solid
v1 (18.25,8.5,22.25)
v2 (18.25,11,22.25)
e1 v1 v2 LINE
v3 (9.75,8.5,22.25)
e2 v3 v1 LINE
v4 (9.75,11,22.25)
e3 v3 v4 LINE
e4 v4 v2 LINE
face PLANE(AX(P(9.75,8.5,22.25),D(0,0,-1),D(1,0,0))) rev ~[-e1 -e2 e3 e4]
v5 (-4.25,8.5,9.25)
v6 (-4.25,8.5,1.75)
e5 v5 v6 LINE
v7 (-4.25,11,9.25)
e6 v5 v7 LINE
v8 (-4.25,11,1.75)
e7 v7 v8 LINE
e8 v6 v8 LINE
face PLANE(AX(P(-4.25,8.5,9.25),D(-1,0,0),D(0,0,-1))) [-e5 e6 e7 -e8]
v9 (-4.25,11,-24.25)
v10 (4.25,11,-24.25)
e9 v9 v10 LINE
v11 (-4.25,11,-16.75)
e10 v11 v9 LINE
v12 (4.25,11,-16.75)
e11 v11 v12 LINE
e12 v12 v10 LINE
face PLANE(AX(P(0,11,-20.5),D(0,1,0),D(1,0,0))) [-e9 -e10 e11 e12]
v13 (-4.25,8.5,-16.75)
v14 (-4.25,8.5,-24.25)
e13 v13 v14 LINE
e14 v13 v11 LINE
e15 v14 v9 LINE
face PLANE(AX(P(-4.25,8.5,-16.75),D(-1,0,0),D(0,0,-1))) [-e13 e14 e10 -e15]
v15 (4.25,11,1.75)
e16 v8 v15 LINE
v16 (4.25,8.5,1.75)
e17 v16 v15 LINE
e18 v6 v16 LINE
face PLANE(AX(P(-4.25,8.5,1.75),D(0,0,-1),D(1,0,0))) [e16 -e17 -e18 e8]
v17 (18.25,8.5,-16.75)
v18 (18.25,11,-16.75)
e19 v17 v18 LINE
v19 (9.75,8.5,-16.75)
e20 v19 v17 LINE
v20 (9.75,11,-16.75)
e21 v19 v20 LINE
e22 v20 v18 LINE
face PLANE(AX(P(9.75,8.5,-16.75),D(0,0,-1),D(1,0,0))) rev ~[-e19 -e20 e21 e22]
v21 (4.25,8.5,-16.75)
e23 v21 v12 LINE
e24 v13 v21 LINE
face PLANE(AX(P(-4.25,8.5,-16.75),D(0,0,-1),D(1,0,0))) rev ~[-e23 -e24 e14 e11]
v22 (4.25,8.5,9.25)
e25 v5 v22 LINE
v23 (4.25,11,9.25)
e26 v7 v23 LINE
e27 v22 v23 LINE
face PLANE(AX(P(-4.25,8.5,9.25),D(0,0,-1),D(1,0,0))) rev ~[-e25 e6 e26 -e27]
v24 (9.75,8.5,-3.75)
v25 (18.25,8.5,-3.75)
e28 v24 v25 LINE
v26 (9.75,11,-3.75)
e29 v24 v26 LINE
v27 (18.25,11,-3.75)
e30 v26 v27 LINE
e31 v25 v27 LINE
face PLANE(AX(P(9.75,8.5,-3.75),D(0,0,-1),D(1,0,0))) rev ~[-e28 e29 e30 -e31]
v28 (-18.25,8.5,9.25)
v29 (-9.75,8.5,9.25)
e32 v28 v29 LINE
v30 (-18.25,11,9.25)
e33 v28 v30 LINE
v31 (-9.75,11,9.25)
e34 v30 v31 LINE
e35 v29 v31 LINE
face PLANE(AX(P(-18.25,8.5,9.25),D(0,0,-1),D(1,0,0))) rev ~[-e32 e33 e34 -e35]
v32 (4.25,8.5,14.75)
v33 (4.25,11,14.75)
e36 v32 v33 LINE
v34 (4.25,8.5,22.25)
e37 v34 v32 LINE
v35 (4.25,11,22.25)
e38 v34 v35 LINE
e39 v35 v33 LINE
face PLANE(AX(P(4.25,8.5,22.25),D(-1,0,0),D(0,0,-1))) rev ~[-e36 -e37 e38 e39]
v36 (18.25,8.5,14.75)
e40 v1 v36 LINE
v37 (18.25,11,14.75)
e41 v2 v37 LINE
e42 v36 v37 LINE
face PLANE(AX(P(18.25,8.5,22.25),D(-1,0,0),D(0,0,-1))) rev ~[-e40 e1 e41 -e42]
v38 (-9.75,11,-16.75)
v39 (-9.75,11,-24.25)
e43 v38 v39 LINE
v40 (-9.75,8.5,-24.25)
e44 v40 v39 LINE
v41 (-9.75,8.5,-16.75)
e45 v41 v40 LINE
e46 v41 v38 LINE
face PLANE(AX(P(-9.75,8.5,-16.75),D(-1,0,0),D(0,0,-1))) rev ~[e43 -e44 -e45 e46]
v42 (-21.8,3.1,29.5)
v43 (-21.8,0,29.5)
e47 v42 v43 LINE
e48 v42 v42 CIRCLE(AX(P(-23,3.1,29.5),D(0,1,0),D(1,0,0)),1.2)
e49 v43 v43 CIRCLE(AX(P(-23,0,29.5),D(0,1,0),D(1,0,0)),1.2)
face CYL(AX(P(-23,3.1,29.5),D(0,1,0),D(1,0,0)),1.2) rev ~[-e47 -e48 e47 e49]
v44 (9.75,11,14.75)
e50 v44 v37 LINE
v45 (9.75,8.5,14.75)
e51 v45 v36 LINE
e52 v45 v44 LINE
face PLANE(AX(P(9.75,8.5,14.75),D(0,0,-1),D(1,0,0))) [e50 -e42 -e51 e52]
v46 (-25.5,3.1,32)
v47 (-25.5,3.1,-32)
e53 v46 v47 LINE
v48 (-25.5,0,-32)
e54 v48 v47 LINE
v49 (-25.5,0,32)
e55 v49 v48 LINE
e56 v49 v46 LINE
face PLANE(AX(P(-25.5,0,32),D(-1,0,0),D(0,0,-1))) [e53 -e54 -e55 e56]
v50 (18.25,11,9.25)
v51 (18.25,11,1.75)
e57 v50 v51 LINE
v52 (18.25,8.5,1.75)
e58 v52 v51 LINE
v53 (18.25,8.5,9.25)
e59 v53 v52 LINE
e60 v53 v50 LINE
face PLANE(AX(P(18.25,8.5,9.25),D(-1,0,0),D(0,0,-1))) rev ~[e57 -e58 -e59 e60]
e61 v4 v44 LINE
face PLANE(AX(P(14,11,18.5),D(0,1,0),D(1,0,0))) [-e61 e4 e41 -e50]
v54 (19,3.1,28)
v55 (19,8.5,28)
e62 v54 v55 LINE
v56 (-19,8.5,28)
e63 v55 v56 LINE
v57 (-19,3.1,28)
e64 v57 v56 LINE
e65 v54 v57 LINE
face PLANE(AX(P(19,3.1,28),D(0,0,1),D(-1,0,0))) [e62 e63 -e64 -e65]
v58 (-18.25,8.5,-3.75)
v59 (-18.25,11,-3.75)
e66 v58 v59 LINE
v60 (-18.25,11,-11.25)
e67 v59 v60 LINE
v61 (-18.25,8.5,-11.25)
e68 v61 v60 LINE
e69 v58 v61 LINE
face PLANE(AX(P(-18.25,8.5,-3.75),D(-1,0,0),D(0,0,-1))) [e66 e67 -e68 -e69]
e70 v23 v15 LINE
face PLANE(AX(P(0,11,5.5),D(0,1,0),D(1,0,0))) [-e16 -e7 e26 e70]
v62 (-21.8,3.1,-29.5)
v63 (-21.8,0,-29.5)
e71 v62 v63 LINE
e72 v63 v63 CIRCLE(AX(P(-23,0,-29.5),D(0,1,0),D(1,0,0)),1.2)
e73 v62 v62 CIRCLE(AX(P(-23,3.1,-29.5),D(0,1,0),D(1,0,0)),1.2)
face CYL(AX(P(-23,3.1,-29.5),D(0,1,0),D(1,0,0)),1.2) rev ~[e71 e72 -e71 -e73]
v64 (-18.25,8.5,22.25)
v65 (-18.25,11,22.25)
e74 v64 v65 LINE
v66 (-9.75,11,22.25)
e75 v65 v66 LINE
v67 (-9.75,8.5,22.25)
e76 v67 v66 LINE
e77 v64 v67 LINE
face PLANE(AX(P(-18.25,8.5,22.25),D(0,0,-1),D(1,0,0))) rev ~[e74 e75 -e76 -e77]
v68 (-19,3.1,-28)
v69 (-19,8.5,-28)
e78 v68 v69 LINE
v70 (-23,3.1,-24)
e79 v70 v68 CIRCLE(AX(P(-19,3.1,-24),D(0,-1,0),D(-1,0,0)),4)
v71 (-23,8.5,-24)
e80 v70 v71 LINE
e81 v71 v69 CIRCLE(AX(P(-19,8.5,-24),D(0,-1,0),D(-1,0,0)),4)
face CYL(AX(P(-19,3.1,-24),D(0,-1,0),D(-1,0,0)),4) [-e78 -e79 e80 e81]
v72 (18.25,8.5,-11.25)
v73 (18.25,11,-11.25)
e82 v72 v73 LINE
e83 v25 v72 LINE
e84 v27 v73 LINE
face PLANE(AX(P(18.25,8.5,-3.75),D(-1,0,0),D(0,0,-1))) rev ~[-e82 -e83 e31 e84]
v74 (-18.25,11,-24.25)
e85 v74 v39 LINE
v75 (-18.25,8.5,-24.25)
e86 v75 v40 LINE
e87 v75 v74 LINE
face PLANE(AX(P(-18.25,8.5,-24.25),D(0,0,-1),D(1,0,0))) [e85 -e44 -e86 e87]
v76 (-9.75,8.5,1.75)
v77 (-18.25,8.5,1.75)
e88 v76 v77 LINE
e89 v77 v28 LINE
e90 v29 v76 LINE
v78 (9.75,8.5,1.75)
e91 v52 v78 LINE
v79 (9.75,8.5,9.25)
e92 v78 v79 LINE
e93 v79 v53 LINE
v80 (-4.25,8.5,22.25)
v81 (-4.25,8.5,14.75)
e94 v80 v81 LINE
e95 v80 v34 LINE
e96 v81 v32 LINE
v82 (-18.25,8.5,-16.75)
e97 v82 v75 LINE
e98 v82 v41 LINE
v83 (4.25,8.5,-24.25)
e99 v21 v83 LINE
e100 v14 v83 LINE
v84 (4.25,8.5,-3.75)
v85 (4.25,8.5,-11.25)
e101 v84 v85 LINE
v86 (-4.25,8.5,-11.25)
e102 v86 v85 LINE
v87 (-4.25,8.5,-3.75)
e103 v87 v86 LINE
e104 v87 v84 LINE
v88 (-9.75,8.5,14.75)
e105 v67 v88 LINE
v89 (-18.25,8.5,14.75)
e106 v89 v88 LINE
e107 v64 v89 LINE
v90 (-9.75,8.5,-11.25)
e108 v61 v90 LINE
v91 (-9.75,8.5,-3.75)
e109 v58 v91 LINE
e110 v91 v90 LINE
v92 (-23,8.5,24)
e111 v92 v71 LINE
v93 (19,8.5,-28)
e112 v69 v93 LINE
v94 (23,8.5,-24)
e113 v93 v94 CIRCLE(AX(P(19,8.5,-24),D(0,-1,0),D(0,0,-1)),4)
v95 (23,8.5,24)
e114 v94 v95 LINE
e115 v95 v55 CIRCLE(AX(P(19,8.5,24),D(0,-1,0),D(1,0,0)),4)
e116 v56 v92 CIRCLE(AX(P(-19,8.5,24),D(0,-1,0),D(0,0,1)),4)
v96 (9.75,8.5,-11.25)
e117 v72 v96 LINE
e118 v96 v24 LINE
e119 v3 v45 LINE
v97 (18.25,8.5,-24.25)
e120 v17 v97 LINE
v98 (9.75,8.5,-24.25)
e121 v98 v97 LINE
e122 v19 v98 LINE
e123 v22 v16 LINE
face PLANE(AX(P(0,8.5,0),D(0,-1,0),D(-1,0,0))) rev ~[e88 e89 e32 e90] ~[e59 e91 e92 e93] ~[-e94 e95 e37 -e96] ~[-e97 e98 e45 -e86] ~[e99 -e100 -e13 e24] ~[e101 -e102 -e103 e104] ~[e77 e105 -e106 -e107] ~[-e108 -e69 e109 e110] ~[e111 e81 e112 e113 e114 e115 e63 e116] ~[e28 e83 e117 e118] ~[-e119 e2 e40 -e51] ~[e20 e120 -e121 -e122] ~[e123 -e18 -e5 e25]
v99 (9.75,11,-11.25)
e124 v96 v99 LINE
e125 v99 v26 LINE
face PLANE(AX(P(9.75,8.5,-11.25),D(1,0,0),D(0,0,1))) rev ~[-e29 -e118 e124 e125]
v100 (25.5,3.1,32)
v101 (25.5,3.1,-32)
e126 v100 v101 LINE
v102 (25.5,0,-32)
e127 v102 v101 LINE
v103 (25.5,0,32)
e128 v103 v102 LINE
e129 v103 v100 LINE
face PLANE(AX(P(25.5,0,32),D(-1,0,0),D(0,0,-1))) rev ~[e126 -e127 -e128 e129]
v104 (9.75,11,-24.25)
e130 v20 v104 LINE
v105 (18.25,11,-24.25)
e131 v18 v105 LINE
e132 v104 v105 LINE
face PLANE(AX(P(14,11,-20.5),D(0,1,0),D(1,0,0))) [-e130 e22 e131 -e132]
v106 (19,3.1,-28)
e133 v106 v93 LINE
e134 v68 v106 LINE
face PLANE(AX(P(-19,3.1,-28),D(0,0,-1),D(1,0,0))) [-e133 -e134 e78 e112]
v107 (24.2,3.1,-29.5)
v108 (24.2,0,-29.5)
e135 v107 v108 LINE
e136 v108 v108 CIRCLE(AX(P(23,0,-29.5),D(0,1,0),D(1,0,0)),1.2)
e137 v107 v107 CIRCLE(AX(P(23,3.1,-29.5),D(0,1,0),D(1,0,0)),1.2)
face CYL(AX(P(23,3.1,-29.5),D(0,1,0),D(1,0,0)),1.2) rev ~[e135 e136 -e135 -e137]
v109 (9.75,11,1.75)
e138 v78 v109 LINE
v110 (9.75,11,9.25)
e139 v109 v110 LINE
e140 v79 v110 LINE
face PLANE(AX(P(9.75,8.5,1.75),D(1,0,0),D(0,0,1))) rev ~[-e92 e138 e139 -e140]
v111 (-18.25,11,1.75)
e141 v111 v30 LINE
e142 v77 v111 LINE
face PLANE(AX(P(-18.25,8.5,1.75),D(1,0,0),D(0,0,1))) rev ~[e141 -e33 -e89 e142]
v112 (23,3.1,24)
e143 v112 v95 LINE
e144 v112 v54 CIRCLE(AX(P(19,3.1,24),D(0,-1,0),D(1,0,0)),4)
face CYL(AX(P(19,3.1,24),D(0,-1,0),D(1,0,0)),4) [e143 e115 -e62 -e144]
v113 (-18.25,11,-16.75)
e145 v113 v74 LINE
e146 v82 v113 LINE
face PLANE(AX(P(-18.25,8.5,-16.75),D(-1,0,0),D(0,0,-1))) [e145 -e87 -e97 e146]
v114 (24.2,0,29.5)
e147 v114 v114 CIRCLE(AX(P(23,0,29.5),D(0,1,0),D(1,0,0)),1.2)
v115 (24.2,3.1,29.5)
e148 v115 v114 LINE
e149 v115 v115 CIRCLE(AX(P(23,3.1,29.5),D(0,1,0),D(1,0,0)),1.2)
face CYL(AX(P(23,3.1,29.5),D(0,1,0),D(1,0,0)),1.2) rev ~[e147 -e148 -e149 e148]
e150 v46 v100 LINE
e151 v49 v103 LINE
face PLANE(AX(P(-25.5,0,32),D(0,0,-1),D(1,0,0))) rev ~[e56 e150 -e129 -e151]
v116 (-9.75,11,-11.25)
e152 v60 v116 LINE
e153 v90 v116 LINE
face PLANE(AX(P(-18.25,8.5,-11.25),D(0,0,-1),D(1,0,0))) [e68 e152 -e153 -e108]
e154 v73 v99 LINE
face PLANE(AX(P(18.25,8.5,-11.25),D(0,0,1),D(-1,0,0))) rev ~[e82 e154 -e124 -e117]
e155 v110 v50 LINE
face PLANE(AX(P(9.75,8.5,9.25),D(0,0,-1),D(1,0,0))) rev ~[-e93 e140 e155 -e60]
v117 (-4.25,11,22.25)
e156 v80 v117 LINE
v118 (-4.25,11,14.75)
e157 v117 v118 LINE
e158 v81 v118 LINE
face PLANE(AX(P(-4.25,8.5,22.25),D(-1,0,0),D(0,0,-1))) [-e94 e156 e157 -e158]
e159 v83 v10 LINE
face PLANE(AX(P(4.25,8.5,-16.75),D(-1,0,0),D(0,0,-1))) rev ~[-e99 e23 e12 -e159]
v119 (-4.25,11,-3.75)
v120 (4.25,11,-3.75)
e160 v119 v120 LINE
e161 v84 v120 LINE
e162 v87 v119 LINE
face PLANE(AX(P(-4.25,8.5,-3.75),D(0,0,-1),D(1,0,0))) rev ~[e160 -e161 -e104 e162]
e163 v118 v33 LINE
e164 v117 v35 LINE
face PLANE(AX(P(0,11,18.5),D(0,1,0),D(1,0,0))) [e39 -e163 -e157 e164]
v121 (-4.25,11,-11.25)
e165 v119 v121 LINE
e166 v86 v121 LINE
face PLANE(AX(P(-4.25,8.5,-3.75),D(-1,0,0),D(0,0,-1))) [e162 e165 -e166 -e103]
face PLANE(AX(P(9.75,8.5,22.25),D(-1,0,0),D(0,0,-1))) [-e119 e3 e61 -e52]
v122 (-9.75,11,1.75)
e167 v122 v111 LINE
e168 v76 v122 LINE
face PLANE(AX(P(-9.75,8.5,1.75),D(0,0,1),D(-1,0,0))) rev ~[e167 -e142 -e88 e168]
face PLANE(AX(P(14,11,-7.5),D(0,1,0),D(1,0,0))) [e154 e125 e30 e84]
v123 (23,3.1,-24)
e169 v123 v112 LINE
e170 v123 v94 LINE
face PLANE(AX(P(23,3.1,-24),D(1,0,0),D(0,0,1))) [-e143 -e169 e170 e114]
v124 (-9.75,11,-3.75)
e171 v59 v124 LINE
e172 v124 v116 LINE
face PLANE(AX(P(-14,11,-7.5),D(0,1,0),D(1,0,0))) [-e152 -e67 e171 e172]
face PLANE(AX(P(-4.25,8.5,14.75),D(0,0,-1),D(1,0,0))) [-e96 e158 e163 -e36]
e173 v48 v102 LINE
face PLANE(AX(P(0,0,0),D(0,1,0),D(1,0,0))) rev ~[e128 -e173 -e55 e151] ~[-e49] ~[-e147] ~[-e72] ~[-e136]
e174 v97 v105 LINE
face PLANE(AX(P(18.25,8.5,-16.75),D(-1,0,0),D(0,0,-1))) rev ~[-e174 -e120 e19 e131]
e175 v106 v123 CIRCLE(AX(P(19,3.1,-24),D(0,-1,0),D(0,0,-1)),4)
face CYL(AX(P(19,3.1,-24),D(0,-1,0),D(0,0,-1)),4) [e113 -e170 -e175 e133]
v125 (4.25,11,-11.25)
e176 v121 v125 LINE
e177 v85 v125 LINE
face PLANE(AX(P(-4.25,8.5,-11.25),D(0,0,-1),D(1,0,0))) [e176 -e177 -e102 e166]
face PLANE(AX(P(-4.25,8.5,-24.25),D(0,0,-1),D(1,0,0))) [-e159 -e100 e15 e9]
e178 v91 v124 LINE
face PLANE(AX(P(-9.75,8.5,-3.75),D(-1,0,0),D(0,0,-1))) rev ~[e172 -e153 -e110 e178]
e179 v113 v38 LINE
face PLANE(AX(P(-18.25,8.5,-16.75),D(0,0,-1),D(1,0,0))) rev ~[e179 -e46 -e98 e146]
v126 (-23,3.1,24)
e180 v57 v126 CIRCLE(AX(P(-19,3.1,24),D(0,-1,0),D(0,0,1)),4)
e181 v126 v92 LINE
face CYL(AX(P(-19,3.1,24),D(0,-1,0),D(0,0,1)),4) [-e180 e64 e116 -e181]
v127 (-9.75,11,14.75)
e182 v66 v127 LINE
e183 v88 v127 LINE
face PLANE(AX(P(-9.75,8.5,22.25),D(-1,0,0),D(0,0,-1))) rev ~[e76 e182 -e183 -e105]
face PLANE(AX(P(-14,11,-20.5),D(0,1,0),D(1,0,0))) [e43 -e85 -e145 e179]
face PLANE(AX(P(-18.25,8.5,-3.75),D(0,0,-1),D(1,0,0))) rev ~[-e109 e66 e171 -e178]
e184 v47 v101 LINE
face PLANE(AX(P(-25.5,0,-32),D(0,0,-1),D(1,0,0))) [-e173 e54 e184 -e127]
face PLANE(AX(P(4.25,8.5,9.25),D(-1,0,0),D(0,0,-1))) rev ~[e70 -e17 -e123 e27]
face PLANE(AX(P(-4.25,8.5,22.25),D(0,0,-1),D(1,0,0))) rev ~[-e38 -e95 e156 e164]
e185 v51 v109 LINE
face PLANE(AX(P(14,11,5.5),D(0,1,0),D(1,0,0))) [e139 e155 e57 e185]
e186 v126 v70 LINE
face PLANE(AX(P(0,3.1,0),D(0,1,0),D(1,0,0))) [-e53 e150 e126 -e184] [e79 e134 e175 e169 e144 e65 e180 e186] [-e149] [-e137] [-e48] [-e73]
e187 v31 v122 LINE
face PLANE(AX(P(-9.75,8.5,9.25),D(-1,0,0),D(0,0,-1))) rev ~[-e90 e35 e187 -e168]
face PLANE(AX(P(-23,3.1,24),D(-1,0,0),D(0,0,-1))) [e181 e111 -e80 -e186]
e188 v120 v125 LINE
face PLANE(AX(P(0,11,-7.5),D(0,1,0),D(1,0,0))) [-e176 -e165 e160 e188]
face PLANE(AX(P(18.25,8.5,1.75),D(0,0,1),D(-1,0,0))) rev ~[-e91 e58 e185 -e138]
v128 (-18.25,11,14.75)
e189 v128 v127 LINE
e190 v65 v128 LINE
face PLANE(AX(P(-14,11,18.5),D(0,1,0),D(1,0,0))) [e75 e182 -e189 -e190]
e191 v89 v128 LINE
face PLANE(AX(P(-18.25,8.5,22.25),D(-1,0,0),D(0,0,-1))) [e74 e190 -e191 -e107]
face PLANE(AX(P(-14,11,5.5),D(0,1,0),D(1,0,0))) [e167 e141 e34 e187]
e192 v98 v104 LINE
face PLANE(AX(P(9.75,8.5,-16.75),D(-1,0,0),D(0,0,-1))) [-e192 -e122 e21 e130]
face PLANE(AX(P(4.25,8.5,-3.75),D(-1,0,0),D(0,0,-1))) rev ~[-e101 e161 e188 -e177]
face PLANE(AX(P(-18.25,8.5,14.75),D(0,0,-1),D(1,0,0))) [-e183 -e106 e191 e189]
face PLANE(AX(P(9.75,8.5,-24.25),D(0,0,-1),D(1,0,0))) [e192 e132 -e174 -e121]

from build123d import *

# Parameters (mm, degrees)
SKETCH1_W           = 51
SKETCH1_H           = 64
BOSS_EXTRUDE1_DEPTH = 3.1
SKETCH2_R           = 1.2
CUT_EXTRUDE1_DEPTH  = 3.1
BOSS_EXTRUDE2_DEPTH = 5.4
SKETCH4_W           = 8.5
SKETCH4_H           = 7.5
BOSS_EXTRUDE4_DEPTH = 2.5


with BuildPart() as part:
    # Sketch1 → Boss-Extrude1 (new body)
    with BuildSketch(Plane(origin=(0, 0, 0), x_dir=(1, 0, 0), z_dir=(0, 1, 0))):
        Rectangle(SKETCH1_W, SKETCH1_H)
    extrude(amount=BOSS_EXTRUDE1_DEPTH)

    # Sketch2 → Cut-Extrude1 (cut)
    with BuildSketch(Plane(origin=(0, 3.1, 0), x_dir=(1, 0, 0), z_dir=(0, 1, 0))):
        with Locations((-23, 29.5)):
            Circle(SKETCH2_R)
        with Locations((23, 29.5)):
            Circle(SKETCH2_R)
        with Locations((23, -29.5)):
            Circle(SKETCH2_R)
        with Locations((-23, -29.5)):
            Circle(SKETCH2_R)
    extrude(amount=-CUT_EXTRUDE1_DEPTH, mode=Mode.SUBTRACT)

    # Sketch3 → Boss-Extrude2 (add)
    with BuildSketch(Plane(origin=(0, 3.1, 0), x_dir=(1, 0, 0), z_dir=(0, 1, 0))):
        with BuildLine():
            Line((-19, 28), (19, 28))
            ThreePointArc((19, 28), (21.828427125, 26.828427125), (23, 24))
            Line((23, 24), (23, -24))
            ThreePointArc((23, -24), (21.828427125, -26.828427125), (19, -28))
            Line((19, -28), (-19, -28))
            ThreePointArc((-19, -28), (-21.828427125, -26.828427125), (-23, -24))
            Line((-23, -24), (-23, 24))
            ThreePointArc((-23, 24), (-21.828427125, 26.828427125), (-19, 28))
        make_face()
    extrude(amount=BOSS_EXTRUDE2_DEPTH)

    # Sketch4 → Boss-Extrude4 (add)
    with BuildSketch(Plane(origin=(0, 8.5, 0), x_dir=(1, 0, 0), z_dir=(0, 1, 0))):
        with Locations((-14, 20.5)):
            Rectangle(SKETCH4_W, SKETCH4_H)
        with Locations((0, 20.5)):
            Rectangle(SKETCH4_W, SKETCH4_H)
        with Locations((14, 20.5)):
            Rectangle(SKETCH4_W, SKETCH4_H)
        Polygon((9.75, 11.25), (9.75, 3.75), (18.25, 3.75), (18.25, 11.25), (14, 11.25), align=None)
        with Locations((0, 7.5)):
            Rectangle(SKETCH4_W, SKETCH4_H)
        with Locations((-14, 7.5)):
            Rectangle(SKETCH4_W, SKETCH4_H)
        Polygon((-18.25, -1.75), (-18.25, -5.5), (-18.25, -9.25), (-9.75, -9.25), (-9.75, -1.75), align=None)
        with Locations((0, -5.5)):
            Rectangle(SKETCH4_W, SKETCH4_H)
        Polygon((18.25, -9.25), (18.25, -5.5), (18.25, -1.75), (9.75, -1.75), (9.75, -9.25), align=None)
        with Locations((14, -18.5)):
            Rectangle(SKETCH4_W, SKETCH4_H)
        with Locations((0, -18.5)):
            Rectangle(SKETCH4_W, SKETCH4_H)
        with Locations((-14, -18.5)):
            Rectangle(SKETCH4_W, SKETCH4_H)
    extrude(amount=BOSS_EXTRUDE4_DEPTH)


solid = part.part
